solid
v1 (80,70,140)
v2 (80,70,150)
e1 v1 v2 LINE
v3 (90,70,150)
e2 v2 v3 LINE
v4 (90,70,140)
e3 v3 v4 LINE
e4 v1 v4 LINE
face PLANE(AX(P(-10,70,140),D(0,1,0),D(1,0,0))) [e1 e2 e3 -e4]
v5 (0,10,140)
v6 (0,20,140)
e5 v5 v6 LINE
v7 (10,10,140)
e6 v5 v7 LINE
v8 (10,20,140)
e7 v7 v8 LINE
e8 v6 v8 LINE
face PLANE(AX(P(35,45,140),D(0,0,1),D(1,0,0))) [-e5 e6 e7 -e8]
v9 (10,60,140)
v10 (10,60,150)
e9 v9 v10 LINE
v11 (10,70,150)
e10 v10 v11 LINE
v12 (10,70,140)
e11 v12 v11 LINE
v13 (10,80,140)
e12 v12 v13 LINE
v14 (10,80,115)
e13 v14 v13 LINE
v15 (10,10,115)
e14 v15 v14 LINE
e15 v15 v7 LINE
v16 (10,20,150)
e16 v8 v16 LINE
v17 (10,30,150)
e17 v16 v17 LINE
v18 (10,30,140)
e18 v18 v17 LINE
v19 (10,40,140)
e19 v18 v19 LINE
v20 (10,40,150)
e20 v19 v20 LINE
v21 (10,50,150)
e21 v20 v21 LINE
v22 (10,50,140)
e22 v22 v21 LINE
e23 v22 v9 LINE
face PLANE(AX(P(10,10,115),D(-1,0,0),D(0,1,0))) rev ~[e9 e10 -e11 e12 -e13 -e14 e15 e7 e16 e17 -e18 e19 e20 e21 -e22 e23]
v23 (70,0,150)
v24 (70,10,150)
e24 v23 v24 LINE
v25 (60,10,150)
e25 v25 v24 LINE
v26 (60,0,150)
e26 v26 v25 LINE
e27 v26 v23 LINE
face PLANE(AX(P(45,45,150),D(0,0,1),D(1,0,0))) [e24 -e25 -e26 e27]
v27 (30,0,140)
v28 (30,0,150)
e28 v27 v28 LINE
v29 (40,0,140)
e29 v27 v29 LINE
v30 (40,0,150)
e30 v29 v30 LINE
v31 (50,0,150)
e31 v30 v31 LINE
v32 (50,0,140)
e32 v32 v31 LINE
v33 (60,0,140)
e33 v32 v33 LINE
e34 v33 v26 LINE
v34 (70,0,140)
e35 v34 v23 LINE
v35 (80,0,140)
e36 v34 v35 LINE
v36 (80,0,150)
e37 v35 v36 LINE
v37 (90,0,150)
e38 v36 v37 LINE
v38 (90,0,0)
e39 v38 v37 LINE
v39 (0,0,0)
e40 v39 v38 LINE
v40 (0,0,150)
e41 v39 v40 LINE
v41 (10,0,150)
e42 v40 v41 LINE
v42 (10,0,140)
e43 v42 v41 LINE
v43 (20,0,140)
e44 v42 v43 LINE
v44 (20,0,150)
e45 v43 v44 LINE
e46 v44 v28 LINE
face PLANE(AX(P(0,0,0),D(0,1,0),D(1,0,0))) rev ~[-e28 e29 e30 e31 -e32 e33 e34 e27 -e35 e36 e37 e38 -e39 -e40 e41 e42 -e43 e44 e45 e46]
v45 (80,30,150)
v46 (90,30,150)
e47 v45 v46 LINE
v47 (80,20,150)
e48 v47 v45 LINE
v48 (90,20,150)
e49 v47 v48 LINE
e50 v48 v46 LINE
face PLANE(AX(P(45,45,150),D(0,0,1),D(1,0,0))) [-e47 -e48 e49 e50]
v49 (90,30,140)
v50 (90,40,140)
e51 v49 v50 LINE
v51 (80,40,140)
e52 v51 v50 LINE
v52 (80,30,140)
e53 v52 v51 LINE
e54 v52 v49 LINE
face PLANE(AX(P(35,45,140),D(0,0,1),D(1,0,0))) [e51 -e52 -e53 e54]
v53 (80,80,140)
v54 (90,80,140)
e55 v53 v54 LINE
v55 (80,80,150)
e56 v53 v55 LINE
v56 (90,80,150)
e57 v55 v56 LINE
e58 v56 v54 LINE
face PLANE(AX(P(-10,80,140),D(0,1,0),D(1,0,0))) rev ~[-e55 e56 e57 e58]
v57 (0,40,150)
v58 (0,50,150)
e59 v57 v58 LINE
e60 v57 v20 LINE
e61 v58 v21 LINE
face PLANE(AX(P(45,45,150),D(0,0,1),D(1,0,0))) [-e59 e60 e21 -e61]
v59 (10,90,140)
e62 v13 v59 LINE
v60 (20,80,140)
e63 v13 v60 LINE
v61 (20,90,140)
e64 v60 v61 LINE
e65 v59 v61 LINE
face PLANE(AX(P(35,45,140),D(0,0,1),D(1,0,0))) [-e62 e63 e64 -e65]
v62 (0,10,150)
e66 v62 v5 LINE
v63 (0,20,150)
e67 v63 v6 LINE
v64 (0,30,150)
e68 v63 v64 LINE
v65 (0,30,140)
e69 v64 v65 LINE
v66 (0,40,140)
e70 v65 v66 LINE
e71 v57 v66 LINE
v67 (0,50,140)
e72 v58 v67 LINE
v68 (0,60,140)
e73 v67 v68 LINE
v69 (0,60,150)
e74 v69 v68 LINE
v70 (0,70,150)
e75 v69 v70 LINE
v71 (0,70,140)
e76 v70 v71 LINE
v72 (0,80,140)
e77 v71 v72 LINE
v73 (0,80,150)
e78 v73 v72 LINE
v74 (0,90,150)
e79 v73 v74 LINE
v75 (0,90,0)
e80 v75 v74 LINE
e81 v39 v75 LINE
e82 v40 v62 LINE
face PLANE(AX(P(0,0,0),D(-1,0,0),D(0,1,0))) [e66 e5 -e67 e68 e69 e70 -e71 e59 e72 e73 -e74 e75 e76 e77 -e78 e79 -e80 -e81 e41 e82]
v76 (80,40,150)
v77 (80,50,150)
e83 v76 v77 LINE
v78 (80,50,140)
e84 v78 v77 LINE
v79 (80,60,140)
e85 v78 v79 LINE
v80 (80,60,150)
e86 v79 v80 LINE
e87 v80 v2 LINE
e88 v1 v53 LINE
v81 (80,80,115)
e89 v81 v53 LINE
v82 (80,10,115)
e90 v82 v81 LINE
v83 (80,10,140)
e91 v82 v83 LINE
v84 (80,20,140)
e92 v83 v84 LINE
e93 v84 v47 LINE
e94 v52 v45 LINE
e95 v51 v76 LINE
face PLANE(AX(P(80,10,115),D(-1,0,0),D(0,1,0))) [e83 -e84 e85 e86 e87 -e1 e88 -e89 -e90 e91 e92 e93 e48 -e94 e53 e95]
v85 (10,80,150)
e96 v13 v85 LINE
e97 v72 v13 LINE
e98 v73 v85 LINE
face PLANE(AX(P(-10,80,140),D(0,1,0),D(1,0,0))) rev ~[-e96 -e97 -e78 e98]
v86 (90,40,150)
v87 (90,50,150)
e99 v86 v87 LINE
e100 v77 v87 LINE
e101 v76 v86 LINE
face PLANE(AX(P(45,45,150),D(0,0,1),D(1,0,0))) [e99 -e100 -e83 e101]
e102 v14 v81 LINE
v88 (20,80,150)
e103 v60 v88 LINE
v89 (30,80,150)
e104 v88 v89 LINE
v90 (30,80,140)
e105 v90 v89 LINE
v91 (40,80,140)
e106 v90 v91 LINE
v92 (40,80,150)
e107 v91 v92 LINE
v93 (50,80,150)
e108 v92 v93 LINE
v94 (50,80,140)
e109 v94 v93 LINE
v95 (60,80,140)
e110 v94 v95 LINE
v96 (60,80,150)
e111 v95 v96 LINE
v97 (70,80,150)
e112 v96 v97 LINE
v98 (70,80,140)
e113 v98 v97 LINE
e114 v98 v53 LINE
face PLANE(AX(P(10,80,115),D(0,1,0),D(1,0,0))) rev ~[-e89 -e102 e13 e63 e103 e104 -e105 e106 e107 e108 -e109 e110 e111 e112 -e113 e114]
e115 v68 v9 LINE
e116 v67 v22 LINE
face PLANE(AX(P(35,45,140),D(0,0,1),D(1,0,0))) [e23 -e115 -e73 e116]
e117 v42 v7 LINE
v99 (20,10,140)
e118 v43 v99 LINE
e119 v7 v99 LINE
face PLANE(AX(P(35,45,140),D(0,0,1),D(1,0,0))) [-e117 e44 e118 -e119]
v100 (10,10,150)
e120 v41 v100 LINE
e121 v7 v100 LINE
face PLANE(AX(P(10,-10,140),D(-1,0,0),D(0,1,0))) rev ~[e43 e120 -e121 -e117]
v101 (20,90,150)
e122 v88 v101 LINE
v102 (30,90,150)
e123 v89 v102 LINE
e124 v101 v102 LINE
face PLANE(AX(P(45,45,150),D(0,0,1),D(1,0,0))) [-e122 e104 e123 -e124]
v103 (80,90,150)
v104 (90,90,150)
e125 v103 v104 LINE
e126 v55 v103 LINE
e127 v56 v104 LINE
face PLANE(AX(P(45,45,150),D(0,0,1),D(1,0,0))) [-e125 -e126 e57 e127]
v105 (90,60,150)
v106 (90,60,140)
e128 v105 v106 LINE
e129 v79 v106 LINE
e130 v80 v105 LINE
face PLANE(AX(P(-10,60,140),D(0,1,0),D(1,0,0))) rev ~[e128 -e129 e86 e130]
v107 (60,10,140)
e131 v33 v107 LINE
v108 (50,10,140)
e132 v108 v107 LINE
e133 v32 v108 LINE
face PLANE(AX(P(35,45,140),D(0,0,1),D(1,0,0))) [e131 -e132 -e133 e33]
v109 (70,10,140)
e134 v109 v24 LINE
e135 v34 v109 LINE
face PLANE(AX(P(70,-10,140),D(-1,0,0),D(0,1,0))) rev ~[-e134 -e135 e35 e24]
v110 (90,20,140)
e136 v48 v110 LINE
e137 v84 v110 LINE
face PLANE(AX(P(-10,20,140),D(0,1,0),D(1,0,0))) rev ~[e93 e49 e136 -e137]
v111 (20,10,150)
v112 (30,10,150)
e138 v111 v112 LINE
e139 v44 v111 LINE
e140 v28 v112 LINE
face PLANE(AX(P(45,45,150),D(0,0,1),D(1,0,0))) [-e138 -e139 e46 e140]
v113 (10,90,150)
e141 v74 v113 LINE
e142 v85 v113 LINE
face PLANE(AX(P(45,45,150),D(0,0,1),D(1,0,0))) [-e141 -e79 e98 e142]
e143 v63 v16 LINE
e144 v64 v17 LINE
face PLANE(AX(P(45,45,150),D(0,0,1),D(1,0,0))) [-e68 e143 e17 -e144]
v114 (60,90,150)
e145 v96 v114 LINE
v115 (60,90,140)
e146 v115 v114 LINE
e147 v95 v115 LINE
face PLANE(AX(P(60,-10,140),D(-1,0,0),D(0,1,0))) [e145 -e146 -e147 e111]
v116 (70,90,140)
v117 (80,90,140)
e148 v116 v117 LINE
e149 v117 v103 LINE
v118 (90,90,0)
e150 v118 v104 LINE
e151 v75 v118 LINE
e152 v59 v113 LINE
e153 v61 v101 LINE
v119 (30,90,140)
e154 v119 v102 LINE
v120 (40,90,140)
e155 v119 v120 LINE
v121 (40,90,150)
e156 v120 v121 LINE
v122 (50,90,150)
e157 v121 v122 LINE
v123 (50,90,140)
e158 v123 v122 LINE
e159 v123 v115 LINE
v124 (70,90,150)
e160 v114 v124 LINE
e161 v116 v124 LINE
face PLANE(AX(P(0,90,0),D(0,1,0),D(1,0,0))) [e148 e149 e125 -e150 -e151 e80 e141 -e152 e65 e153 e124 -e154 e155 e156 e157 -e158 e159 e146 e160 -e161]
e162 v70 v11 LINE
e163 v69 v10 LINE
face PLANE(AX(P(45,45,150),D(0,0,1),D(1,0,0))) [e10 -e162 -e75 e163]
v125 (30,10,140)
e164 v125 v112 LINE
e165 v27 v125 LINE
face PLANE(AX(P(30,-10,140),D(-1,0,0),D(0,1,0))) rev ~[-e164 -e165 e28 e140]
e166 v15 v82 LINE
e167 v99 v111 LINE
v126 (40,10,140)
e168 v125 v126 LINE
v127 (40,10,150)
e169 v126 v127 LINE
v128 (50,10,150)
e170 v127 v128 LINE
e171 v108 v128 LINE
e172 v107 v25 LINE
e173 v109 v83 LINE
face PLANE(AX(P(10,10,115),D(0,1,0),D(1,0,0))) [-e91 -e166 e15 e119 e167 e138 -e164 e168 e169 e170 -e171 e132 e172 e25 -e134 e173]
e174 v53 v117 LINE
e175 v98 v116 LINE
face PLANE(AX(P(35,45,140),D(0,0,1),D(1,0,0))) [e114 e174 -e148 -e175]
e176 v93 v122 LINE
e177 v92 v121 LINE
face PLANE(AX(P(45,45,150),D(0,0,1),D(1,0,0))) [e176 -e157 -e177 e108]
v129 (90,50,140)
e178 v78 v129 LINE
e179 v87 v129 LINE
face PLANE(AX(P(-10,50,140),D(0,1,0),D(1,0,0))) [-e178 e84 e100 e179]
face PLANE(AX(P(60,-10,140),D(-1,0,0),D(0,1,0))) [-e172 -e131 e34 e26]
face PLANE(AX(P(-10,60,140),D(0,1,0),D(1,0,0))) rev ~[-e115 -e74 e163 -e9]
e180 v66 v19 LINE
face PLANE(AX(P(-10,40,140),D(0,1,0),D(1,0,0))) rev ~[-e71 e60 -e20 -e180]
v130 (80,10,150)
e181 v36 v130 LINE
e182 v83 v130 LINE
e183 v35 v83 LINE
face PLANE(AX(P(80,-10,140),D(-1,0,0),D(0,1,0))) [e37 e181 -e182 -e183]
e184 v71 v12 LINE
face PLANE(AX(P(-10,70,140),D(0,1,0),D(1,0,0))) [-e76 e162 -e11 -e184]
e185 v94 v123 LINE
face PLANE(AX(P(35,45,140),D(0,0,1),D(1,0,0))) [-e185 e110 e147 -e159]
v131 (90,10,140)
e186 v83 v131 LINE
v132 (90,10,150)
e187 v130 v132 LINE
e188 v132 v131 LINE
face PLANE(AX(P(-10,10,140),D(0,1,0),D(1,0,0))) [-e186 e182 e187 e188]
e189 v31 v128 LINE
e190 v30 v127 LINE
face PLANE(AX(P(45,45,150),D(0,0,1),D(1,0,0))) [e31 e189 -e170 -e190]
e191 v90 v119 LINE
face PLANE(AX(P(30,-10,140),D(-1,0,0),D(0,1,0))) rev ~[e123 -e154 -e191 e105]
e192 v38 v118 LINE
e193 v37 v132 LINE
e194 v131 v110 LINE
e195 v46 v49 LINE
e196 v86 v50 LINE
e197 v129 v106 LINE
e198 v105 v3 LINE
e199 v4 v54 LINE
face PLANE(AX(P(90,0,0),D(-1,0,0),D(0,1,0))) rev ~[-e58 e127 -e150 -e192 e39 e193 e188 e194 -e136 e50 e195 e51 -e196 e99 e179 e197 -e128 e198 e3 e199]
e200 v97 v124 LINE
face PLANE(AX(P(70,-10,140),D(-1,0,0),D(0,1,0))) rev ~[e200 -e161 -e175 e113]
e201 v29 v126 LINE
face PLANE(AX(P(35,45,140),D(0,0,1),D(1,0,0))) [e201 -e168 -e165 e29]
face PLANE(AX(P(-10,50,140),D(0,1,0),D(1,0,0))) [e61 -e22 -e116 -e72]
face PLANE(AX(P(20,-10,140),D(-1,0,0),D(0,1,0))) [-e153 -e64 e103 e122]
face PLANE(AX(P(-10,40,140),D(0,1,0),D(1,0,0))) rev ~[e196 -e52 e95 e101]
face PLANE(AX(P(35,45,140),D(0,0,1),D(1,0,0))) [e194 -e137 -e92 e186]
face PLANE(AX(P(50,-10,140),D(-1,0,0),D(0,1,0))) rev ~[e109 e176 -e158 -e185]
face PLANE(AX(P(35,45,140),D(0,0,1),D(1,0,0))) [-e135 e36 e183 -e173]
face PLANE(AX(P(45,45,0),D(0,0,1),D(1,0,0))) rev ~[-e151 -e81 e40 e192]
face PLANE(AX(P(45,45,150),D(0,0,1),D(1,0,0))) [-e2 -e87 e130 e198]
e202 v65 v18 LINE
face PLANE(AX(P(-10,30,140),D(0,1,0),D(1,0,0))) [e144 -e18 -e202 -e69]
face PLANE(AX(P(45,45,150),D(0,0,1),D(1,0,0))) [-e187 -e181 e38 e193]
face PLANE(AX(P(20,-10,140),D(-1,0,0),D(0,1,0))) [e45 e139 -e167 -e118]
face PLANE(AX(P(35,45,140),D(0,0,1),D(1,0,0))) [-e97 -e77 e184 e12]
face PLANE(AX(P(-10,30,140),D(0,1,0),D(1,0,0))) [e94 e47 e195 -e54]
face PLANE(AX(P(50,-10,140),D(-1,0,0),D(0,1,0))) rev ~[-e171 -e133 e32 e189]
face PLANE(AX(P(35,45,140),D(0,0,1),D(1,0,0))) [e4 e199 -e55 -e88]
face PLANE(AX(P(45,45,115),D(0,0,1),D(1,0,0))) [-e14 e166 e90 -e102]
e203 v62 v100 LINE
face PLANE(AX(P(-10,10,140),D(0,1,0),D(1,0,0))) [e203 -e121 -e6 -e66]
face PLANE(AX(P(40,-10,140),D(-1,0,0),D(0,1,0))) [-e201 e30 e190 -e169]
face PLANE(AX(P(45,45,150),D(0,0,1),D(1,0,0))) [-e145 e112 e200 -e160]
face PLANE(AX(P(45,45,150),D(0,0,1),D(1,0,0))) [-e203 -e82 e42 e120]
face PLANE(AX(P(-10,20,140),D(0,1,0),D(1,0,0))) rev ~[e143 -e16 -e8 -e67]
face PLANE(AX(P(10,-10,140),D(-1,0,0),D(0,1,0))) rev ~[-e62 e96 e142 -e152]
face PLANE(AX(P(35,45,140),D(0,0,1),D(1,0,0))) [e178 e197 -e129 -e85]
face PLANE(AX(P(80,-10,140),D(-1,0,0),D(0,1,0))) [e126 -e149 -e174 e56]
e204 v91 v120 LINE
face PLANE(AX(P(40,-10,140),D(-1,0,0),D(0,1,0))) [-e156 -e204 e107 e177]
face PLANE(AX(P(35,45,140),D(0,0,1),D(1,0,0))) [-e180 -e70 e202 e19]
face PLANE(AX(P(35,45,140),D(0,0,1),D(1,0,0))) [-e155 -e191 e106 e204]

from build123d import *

# Parameters (mm, degrees)
BOX003_W         = 10
BOX003_H         = 110
BOX003_DEPTH     = 10
ARRAY001_X_COUNT = 4
ARRAY001_X_PITCH = 20
BOX002_W         = 110
BOX002_H         = 10
BOX002_DEPTH     = 10
ARRAY_X_COUNT    = 4
ARRAY_X_PITCH    = 20
BOX001_W         = 70
BOX001_H         = 70
BOX001_DEPTH     = 70
BOX_W            = 90
BOX_H            = 90
BOX_DEPTH        = 150


with BuildPart() as fusion001:
    # Box003 → Box003 (new body)
    with BuildSketch(Plane(origin=(10, -10, 140), x_dir=(1, 0, 0), z_dir=(0, 0, 1))):
        with Locations((5, 55)):
            Rectangle(BOX003_W, BOX003_H)
    extrude(amount=BOX003_DEPTH)

    # Array001 X: Fusion001 ×4


with BuildPart() as fusion001_1:
    add(fusion001.part)
    with Locations(*[(i * ARRAY001_X_PITCH, 0, 0) for i in range(1, ARRAY001_X_COUNT)]):
        add(fusion001.part)


with BuildPart() as fusion002:
    # Box002 → Box002 (new body)
    with BuildSketch(Plane(origin=(-10, 10, 140), x_dir=(1, 0, 0), z_dir=(0, 0, 1))):
        with Locations((55, 5)):
            Rectangle(BOX002_W, BOX002_H)
    extrude(amount=BOX002_DEPTH)

    # Array X: Fusion002 ×4


with BuildPart() as fusion002_1:
    add(fusion002.part)
    with Locations(*[(0, i * ARRAY_X_PITCH, 0) for i in range(1, ARRAY_X_COUNT)]):
        add(fusion002.part)

    # Fusion002: union Fusion001
    add(fusion001_1.part)


with BuildPart() as cube001:
    # Box001 → Box001 (new body)
    with BuildSketch(Plane(origin=(10, 10, 115), x_dir=(1, 0, 0), z_dir=(0, 0, 1))):
        with Locations((35, 35)):
            Rectangle(BOX001_W, BOX001_H)
    extrude(amount=BOX001_DEPTH)


with BuildPart() as torre:
    # Box → Box (new body)
    with BuildSketch(Plane.XY):
        with Locations((45, 45)):
            Rectangle(BOX_W, BOX_H)
    extrude(amount=BOX_DEPTH)

    # Cut: cut Cube001
    add(cube001.part, mode=Mode.SUBTRACT)

    # Cut001: cut Fusion002
    add(fusion002_1.part, mode=Mode.SUBTRACT)


solid = torre.part
